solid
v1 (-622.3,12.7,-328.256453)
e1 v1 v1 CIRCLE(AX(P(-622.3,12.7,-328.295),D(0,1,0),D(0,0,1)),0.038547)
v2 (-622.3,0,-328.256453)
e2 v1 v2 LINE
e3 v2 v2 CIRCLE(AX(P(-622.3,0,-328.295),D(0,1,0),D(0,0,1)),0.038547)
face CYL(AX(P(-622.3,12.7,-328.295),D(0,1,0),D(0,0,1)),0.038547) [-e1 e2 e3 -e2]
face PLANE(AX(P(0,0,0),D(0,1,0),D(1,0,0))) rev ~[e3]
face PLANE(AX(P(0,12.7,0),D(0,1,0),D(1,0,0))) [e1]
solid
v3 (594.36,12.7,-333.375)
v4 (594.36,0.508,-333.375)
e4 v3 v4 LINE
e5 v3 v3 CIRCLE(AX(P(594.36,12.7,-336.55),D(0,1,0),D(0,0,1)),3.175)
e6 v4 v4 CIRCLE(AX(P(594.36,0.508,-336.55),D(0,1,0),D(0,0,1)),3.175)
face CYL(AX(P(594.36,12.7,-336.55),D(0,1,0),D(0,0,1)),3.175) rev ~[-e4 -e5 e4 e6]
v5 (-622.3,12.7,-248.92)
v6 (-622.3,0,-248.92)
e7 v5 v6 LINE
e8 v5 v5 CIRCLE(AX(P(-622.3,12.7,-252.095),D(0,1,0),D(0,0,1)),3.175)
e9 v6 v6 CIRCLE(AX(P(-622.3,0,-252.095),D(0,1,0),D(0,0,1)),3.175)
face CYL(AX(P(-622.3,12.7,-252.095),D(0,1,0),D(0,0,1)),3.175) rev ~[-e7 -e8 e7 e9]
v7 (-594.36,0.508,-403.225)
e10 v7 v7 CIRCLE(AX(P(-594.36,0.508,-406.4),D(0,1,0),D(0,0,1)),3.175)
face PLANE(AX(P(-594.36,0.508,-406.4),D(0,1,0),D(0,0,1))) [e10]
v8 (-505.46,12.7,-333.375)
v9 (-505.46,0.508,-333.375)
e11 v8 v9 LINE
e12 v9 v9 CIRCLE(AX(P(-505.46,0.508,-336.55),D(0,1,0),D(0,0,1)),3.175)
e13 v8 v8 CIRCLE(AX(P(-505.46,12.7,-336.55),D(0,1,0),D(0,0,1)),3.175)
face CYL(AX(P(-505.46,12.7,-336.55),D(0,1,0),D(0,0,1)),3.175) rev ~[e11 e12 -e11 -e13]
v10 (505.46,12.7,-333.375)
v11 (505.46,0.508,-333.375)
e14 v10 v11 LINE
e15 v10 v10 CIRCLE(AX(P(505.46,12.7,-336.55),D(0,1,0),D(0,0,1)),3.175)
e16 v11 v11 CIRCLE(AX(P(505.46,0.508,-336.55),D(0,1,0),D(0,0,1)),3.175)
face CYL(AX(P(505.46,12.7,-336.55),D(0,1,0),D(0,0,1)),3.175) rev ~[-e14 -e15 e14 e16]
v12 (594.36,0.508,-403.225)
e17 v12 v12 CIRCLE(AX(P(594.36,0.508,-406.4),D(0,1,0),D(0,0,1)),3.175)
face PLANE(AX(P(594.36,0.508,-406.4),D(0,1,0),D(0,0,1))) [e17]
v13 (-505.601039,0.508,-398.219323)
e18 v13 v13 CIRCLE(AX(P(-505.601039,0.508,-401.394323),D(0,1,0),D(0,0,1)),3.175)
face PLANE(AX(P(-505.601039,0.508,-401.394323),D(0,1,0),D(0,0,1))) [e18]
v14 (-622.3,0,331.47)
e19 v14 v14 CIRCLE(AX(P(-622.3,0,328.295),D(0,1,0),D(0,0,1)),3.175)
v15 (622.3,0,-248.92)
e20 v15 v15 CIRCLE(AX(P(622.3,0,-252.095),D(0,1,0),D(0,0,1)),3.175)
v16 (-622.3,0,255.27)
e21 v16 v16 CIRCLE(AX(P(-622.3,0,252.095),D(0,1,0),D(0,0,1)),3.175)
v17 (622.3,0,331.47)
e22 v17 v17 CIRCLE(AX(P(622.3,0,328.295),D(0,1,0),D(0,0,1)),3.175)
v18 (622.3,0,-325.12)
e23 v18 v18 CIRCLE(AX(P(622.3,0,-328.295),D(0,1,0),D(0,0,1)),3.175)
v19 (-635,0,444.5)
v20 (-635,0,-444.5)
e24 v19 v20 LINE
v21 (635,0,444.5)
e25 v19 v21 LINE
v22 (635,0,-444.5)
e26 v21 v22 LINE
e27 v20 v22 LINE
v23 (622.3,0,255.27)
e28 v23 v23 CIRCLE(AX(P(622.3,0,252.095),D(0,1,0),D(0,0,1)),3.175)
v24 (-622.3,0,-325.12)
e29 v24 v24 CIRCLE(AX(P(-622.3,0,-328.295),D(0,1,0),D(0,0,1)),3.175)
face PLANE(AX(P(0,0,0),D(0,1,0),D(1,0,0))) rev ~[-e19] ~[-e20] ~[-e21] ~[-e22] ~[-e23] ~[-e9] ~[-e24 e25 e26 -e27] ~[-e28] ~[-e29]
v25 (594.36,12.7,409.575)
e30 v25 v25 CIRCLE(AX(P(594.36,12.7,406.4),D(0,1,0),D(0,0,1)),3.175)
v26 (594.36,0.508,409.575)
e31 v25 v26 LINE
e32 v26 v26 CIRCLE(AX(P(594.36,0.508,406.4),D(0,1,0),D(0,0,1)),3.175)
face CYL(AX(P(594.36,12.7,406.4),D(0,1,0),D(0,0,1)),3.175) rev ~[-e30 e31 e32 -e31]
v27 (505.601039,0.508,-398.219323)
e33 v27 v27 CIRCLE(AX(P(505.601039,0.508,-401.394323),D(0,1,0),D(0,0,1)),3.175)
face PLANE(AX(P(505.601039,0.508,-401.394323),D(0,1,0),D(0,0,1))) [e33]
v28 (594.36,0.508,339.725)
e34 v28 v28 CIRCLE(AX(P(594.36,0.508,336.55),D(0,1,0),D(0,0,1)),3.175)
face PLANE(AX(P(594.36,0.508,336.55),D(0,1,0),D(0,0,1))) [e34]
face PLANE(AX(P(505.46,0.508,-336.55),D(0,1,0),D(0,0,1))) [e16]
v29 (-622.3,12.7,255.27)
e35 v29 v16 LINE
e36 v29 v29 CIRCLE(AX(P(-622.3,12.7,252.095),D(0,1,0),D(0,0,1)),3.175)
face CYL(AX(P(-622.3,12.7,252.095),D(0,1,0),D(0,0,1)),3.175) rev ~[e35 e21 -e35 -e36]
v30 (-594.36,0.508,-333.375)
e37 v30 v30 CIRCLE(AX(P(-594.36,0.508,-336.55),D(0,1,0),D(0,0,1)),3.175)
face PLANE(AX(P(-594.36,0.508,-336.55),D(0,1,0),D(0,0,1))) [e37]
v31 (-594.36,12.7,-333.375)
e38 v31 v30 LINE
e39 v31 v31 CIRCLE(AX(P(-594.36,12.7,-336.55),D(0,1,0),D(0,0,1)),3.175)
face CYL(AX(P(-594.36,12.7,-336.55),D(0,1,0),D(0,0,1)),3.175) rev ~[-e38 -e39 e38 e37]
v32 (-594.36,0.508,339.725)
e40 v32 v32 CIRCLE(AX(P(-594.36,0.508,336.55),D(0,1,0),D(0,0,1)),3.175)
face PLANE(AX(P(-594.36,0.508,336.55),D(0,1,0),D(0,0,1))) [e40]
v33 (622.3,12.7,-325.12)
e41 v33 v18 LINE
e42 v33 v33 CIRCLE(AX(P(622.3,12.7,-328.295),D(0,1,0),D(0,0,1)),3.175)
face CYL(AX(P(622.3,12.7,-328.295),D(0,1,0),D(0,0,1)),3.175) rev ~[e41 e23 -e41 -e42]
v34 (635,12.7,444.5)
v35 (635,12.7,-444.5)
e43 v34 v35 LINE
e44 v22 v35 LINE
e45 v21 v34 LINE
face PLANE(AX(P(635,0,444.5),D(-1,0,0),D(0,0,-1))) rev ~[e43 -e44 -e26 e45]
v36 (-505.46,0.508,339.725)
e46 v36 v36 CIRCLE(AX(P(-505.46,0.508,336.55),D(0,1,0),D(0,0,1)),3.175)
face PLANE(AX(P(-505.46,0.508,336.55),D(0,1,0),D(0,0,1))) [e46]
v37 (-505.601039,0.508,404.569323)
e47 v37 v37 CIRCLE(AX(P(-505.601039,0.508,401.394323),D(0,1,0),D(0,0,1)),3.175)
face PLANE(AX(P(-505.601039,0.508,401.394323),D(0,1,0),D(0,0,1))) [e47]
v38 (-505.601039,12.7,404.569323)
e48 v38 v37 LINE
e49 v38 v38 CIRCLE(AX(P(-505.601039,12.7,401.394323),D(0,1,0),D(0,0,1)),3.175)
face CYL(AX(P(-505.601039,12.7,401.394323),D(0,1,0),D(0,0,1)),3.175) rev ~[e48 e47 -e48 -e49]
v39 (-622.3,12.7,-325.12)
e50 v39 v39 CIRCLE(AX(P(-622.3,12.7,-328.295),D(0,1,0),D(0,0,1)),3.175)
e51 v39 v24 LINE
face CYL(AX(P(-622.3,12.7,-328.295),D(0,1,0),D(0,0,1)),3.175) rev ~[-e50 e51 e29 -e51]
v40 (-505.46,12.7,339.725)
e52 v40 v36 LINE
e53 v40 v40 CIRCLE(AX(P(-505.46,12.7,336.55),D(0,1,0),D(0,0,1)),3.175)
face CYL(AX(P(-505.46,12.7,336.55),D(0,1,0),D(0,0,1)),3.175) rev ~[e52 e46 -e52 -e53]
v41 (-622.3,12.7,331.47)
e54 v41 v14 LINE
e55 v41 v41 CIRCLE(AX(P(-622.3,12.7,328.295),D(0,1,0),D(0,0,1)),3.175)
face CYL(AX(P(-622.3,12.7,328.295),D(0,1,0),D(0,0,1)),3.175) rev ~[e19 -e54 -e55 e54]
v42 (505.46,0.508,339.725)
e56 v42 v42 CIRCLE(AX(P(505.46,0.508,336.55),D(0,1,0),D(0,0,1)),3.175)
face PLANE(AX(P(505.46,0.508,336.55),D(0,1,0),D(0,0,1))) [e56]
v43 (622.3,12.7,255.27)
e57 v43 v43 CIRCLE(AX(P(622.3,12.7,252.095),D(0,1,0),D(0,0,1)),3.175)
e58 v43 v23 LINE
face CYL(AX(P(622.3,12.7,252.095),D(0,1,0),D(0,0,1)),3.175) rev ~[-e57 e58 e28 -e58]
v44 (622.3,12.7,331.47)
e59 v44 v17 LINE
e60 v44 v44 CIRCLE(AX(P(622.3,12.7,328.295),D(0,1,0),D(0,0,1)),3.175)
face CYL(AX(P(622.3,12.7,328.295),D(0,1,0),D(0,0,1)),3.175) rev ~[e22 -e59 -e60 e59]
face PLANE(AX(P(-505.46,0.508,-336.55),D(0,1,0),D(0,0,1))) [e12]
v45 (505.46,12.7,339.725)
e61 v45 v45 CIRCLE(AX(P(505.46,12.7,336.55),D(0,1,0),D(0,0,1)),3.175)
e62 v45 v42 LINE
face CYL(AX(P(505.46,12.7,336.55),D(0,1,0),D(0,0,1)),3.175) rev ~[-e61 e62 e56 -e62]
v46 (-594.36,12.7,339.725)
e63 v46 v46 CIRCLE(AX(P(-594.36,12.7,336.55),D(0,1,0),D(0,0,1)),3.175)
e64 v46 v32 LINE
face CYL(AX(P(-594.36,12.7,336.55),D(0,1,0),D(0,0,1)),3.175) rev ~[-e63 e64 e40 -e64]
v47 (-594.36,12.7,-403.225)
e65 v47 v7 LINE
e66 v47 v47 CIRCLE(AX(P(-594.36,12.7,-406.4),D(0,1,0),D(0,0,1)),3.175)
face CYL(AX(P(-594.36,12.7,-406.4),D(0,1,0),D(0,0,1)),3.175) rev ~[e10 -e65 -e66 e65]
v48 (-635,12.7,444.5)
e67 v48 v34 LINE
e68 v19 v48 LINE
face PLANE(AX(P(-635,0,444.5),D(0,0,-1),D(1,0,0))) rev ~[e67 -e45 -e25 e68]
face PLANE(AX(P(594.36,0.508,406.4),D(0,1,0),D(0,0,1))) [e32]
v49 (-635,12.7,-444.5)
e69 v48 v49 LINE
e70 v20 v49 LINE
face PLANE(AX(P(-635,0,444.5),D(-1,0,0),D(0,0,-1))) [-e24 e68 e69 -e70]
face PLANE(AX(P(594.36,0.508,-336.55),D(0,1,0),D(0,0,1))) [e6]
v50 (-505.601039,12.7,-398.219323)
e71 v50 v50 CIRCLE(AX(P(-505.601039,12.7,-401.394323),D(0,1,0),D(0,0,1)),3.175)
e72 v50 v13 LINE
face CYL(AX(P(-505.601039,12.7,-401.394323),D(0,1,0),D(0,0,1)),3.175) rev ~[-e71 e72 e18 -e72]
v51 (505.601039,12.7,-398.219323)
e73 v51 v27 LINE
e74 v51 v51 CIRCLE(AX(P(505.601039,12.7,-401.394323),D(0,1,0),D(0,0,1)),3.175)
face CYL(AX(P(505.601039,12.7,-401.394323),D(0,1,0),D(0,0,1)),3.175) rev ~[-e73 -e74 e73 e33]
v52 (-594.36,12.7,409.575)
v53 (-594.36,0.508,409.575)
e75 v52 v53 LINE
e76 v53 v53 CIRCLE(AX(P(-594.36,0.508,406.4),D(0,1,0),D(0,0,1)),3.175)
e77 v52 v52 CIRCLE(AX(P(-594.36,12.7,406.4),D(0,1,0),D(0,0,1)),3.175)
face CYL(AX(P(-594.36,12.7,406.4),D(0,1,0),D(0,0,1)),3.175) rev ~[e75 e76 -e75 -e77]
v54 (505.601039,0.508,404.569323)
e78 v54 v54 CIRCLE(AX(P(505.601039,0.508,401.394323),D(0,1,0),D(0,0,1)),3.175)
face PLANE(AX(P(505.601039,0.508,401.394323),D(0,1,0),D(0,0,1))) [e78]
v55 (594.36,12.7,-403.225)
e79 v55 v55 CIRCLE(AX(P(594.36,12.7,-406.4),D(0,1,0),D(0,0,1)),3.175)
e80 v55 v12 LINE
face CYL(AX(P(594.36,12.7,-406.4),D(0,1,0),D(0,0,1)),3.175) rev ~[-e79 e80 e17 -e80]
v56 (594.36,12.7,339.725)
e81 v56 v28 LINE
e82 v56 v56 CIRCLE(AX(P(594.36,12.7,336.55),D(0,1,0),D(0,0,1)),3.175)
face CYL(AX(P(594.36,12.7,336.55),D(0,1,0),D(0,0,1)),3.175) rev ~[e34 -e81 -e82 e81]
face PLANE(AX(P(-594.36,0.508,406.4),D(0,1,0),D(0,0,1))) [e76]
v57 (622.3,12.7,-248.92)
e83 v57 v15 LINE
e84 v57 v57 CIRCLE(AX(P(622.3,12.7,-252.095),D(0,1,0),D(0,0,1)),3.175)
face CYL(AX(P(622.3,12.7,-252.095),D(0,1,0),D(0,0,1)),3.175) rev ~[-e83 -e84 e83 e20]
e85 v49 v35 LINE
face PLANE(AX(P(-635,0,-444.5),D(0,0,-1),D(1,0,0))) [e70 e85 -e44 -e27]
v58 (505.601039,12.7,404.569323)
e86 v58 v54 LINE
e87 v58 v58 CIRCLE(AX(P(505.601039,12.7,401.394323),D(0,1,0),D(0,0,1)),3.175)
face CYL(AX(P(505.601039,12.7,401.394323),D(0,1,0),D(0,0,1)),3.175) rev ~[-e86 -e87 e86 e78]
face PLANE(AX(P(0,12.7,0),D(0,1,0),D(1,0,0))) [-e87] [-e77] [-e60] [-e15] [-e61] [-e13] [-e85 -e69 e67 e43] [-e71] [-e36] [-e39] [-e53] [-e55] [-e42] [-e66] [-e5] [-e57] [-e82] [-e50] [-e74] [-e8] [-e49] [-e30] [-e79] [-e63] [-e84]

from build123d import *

# Parameters (mm, degrees)
SKETCH1_W           = 1270
SKETCH1_H           = 889
BOSS_EXTRUDE1_DEPTH = 12.7
SKETCH3_R           = 3.175
CUT_EXTRUDE4_DEPTH  = 12.192
SKETCH4_R           = 3.175
SKETCH4_R_2         = 0.038547113
CUT_EXTRUDE6_DEPTH  = 445.516


with BuildPart() as part:
    # Sketch1 → Boss-Extrude1 (new body)
    with BuildSketch(Plane(origin=(0, 0, 0), x_dir=(1, 0, 0), z_dir=(0, 1, 0))):
        Rectangle(SKETCH1_W, SKETCH1_H)
    extrude(amount=BOSS_EXTRUDE1_DEPTH)

    # Sketch3 → Cut-Extrude4 (cut)
    with BuildSketch(Plane(origin=(0, 12.7, 0), x_dir=(1, 0, 0), z_dir=(0, 1, 0))):
        with Locations(Location((-594.36, 406.4, 0), (0, 0, 270))):
            Circle(SKETCH3_R)
        with Locations(Location((-505.601038797, 401.394322612, 0), (0, 0, 270))):
            Circle(SKETCH3_R)
        with Locations(Location((-594.36, 336.55, 0), (0, 0, 270))):
            Circle(SKETCH3_R)
        with Locations(Location((-505.46, 336.55, 0), (0, 0, 270))):
            Circle(SKETCH3_R)
        with Locations(Location((505.601038797, 401.394322612, 0), (0, 0, 270))):
            Circle(SKETCH3_R)
        with Locations(Location((505.46, 336.55, 0), (0, 0, 270))):
            Circle(SKETCH3_R)
        with Locations(Location((594.36, 336.55, 0), (0, 0, 270))):
            Circle(SKETCH3_R)
        with Locations(Location((594.36, 406.4, 0), (0, 0, 270))):
            Circle(SKETCH3_R)
        with Locations(Location((505.46, -336.55, 0), (0, 0, 270))):
            Circle(SKETCH3_R)
        with Locations(Location((505.601038797, -401.394322612, 0), (0, 0, 270))):
            Circle(SKETCH3_R)
        with Locations(Location((594.36, -406.4, 0), (0, 0, 270))):
            Circle(SKETCH3_R)
        with Locations(Location((594.36, -336.55, 0), (0, 0, 270))):
            Circle(SKETCH3_R)
        with Locations(Location((-505.46, -336.55, 0), (0, 0, 270))):
            Circle(SKETCH3_R)
        with Locations(Location((-505.601038797, -401.394322612, 0), (0, 0, 270))):
            Circle(SKETCH3_R)
        with Locations(Location((-594.36, -336.55, 0), (0, 0, 270))):
            Circle(SKETCH3_R)
        with Locations(Location((-594.36, -406.4, 0), (0, 0, 270))):
            Circle(SKETCH3_R)
    extrude(amount=-CUT_EXTRUDE4_DEPTH, mode=Mode.SUBTRACT)

    # Sketch4 → Cut-Extrude6 (cut)
    # profile 1 of 8: a face of its own
    with BuildSketch(Plane(origin=(0, 12.7, 0), x_dir=(1, 0, 0), z_dir=(0, 1, 0))):
        with Locations(Location((-622.3, 328.295, 0), (0, 0, 270))):
            Circle(SKETCH4_R)
        with Locations(Location((-622.3, 328.295, 0), (0, 0, 270))):
            Circle(SKETCH4_R_2, mode=Mode.SUBTRACT)
    # profile 2 of 8: a face of its own
    with BuildSketch(Plane(origin=(0, 12.7, 0), x_dir=(1, 0, 0), z_dir=(0, 1, 0))):
        with Locations(Location((-622.3, 252.095, 0), (0, 0, 270))):
            Circle(SKETCH4_R)
    # profile 3 of 8: a face of its own
    with BuildSketch(Plane(origin=(0, 12.7, 0), x_dir=(1, 0, 0), z_dir=(0, 1, 0))):
        with Locations(Location((622.3, 252.095, 0), (0, 0, 270))):
            Circle(SKETCH4_R)
    # profile 4 of 8: a face of its own
    with BuildSketch(Plane(origin=(0, 12.7, 0), x_dir=(1, 0, 0), z_dir=(0, 1, 0))):
        with Locations(Location((622.3, 328.295, 0), (0, 0, 270))):
            Circle(SKETCH4_R)
    # profile 5 of 8: a face of its own
    with BuildSketch(Plane(origin=(0, 12.7, 0), x_dir=(1, 0, 0), z_dir=(0, 1, 0))):
        with Locations(Location((622.3, -252.095, 0), (0, 0, 270))):
            Circle(SKETCH4_R)
    # profile 6 of 8: a face of its own
    with BuildSketch(Plane(origin=(0, 12.7, 0), x_dir=(1, 0, 0), z_dir=(0, 1, 0))):
        with Locations(Location((622.3, -328.295, 0), (0, 0, 270))):
            Circle(SKETCH4_R)
    # profile 7 of 8: a face of its own
    with BuildSketch(Plane(origin=(0, 12.7, 0), x_dir=(1, 0, 0), z_dir=(0, 1, 0))):
        with Locations(Location((-622.3, -252.095, 0), (0, 0, 270))):
            Circle(SKETCH4_R)
    # profile 8 of 8: a face of its own
    with BuildSketch(Plane(origin=(0, 12.7, 0), x_dir=(1, 0, 0), z_dir=(0, 1, 0))):
        with Locations(Location((-622.3, -328.295, 0), (0, 0, 270))):
            Circle(SKETCH4_R)
    extrude(amount=-CUT_EXTRUDE6_DEPTH, mode=Mode.SUBTRACT)


with BuildPart() as cut_extrude6_piece_1:
    # of the separate pieces the step leaves, piece 1, a body of its own (cut_extrude6_pieces)
    add(part.part.solids().sort_by_distance((-635, 0, -444.5))[0])


with BuildPart() as cut_extrude6_piece_2:
    # of the separate pieces the step leaves, piece 2, a body of its own (cut_extrude6_pieces)
    add(part.part.solids().sort_by_distance((-622.3, 0, -328.256452887))[0])


solid = Compound([cut_extrude6_piece_1.part, cut_extrude6_piece_2.part])
